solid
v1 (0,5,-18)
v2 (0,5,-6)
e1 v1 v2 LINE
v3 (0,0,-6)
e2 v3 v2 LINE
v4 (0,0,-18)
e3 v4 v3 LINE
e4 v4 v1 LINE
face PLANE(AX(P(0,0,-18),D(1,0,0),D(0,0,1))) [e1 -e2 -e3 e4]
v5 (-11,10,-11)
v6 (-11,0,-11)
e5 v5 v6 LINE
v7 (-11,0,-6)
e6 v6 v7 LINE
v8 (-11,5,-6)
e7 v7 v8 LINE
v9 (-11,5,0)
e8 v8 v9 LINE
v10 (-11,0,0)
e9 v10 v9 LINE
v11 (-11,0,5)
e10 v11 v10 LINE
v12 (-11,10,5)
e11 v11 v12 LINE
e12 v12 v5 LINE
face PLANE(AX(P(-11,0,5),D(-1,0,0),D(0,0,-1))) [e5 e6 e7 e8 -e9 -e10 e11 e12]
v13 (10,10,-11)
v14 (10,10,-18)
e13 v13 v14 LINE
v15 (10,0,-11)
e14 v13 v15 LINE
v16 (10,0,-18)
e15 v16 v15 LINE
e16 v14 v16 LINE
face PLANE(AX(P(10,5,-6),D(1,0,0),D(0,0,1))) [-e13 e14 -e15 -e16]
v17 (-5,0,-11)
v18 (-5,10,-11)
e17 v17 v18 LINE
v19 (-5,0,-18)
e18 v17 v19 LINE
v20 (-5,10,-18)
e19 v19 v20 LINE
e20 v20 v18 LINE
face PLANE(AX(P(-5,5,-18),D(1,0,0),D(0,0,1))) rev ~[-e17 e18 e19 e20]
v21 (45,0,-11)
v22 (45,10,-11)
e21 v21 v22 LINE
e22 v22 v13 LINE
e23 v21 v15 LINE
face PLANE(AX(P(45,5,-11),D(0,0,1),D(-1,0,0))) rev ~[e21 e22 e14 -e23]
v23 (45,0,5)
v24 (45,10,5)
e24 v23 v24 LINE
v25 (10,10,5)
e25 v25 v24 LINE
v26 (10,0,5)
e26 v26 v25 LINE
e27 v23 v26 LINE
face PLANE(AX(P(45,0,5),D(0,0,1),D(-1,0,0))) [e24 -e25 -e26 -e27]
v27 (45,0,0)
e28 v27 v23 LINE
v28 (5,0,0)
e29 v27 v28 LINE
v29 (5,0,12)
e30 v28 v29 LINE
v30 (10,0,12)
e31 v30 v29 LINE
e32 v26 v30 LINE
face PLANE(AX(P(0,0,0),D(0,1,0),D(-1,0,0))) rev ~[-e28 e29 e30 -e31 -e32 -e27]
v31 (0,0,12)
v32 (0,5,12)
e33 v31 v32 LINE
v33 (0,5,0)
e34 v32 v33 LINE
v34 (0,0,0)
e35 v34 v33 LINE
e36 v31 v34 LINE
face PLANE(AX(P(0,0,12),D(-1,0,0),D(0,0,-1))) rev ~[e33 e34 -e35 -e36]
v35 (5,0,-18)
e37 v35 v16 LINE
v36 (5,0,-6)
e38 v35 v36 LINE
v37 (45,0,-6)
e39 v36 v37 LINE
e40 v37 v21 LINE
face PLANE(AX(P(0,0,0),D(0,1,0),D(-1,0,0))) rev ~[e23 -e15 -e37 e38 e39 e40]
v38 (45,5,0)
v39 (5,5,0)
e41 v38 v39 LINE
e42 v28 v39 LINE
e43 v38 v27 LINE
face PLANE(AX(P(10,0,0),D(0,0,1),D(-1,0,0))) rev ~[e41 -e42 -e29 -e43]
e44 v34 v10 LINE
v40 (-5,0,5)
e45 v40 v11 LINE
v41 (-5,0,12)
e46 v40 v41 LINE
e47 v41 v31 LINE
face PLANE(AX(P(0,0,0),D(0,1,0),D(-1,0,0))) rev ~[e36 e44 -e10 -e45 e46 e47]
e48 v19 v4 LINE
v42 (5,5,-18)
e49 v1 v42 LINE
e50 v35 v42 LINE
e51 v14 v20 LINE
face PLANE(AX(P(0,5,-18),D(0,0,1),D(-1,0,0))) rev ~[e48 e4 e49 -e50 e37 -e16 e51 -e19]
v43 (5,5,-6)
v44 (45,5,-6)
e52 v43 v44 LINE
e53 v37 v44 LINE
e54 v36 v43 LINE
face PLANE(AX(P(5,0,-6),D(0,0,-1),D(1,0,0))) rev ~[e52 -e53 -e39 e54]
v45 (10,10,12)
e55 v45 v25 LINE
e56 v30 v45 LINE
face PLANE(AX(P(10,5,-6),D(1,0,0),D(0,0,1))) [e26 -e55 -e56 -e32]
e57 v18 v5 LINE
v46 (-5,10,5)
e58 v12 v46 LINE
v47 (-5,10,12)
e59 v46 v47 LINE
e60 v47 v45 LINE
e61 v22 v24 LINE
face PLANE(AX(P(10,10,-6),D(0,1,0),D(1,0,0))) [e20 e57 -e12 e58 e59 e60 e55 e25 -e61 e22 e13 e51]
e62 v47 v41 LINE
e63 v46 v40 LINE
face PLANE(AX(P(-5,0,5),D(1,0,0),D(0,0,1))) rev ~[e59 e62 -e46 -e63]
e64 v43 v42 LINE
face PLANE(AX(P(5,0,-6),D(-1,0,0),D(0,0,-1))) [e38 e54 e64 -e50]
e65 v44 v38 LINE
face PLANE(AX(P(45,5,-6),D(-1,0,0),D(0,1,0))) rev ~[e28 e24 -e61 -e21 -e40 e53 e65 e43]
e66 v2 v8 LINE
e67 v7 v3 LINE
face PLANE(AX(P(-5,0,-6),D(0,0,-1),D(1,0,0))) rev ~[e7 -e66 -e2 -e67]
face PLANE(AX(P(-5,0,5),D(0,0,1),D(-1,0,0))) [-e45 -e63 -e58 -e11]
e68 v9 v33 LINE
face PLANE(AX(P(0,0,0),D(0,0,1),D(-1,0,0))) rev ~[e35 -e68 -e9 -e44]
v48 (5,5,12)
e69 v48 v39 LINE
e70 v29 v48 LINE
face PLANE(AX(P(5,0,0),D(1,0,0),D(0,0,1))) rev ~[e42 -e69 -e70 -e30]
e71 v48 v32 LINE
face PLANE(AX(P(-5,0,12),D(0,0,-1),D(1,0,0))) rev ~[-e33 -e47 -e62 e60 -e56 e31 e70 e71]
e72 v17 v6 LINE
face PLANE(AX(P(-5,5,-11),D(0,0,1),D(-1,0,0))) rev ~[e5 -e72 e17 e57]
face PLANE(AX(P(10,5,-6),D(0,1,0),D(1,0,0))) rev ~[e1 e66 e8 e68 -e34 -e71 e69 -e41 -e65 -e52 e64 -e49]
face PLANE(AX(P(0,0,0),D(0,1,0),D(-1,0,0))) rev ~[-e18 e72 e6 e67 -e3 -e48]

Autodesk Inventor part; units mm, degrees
ref_plane "YZ Plane" through (0, 0, 0) normal (1, 0, 0) x (0, 1, 0)
ref_plane "XZ Plane" through (0, 0, 0) normal (0, 1, 0) x (-1, 0, 0)
ref_plane "XY Plane" through (0, 0, 0) normal (0, 0, 1) x (1, 0, 0)
sketch "Sketch1" plane through (0, 0, 0) normal (0, 1, 0) x (-1, 0, 0)
  line L0 (0, 0) -> (11, 0)
  line L1 (11, 0) -> (11, -6)
  line L2 (11, -6) -> (0, -6)
  line L3 (0, -6) -> (0, 0)
  line L4 (0, 0) -> (-5, 0)
  line L5 (-5, 0) -> (-5, 12)
  line L6 (-5, 12) -> (0, 12)
  line L7 (0, 12) -> (0, 0)
  line L8 (0, -6) -> (-5, -6)
  line L9 (-5, -6) -> (-5, -18)
  line L10 (-5, -18) -> (0, -18)
  line L11 (0, -18) -> (0, -6)
  line L12 (-5, -6) -> (-45, -6)
  line L13 (-45, -6) -> (-45, 0)
  line L14 (-45, 0) -> (-5, 0)
  line L15 (-5, 0) -> (-5, -6)
  line L16 (-5, -6) -> (-45, -6)
  line L17 (-45, -6) -> (-45, -11)
  line L18 (-45, -11) -> (-5, -11)
  line L19 (-5, -11) -> (-5, -6)
  line L20 (-5, 0) -> (-45, 0)
  line L21 (-45, 0) -> (-45, 5)
  line L22 (-45, 5) -> (-5, 5)
  line L23 (-5, 5) -> (-5, 0)
  line L24 (-5, 0) -> (-10, 0)
  line L25 (-10, 0) -> (-10, 12)
  line L26 (-10, 12) -> (-5, 12)
  line L27 (-5, 12) -> (-5, 0)
  line L28 (0, 0) -> (5, 0)
  line L29 (5, 0) -> (5, 12)
  line L30 (5, 12) -> (0, 12)
  line L31 (0, 12) -> (0, 0)
  line L32 (0, -6) -> (5, -6)
  line L33 (5, -6) -> (5, -18)
  line L34 (5, -18) -> (0, -18)
  line L35 (0, -18) -> (0, -6)
  line L36 (-5, -18) -> (-10, -18)
  line L37 (-10, -18) -> (-10, -6)
  line L38 (-10, -6) -> (-5, -6)
  line L39 (-5, -6) -> (-5, -18)
  line L40 (11, 0) -> (5, 0)
  line L41 (5, 0) -> (5, 5)
  line L42 (5, 5) -> (11, 5)
  line L43 (11, 5) -> (11, 0)
  line L44 (11, -6) -> (5, -6)
  line L45 (5, -6) -> (5, -11)
  line L46 (5, -11) -> (11, -11)
  line L47 (11, -11) -> (11, -6)
  point P0 (-10, -11)
  point P1 (-10, 5)
  dimension "d0" = 11
  dimension "d1" = 6
  dimension "d2" = 5
  dimension "d3" = 12
  dimension "d4" = 5
  dimension "d5" = 12
  dimension "d6" = 40
  dimension "d7" = 5
  dimension "d8" = 5
  dimension "d9" = 5
  dimension "d10" = 5
  dimension "d11" = 5
  dimension "d12" = 5
extrude "Extrusion1" add sketch "Sketch1" along normal blind 5 contours L7 L30 L29 L0 | L29 L42 L43 L0 | L2 L33 L34 L11 | L14 L25 L22 L5 | L2 L47 L46 L33 | L9 L18 L37 L12 | L22 L25 L26 L5 | L14 L21 L22 L25 | L9 L36 L37 L18 | L37 L18 L17 L12
sketch "Sketch2" plane through (0, 5, 0) normal (0, 1, 0) x (1, 0, 0)
  line L0 (-11, 6) -> (0, 6) projected
  line L1 (0, 6) -> (0, 18) projected
  line L2 (0, 18) -> (-5, 18) projected
  line L3 (-5, 18) -> (-5, 11) projected
  line L4 (-5, 11) -> (-11, 11) projected
  line L5 (-11, 11) -> (-11, 6) projected
  line L6 (5, 6) -> (45, 6) projected
  line L7 (45, 6) -> (45, 11) projected
  line L8 (45, 11) -> (10, 11) projected
  line L9 (10, 11) -> (10, 18) projected
  line L10 (10, 18) -> (5, 18) projected
  line L11 (5, 18) -> (5, 6) projected
  line L12 (10, -12) -> (10, -5) projected
  line L13 (10, -5) -> (45, -5) projected
  line L14 (45, -5) -> (45, 0) projected
  line L15 (45, 0) -> (5, 0) projected
  line L16 (5, 0) -> (5, -12) projected
  line L17 (5, -12) -> (10, -12) projected
  line L18 (-11, -5) -> (-5, -5) projected
  line L19 (-5, -5) -> (-5, -12) projected
  line L20 (-5, -12) -> (0, -12) projected
  line L21 (0, -12) -> (0, 0) projected
  line L22 (0, 0) -> (-11, 0) projected
  line L23 (-11, 0) -> (-11, -5) projected
  line L24 (-11, 11) -> (10, 11)
  line L25 (10, 11) -> (10, -5)
  line L26 (10, -5) -> (-11, -5)
  line L27 (-11, -5) -> (-11, 11)
  line L28 (-5, 18) -> (10, 18)
  line L29 (10, 18) -> (10, 11)
  line L30 (10, 11) -> (-5, 11)
  line L31 (-5, 11) -> (-5, 18)
  line L32 (-5, -5) -> (10, -5)
  line L33 (10, -5) -> (10, -12)
  line L34 (10, -12) -> (-5, -12)
  line L35 (-5, -12) -> (-5, -5)
extrude "Extrusion2" add sketch "Sketch2" along normal blind 5 contours L5 L4 L24 L1 L0 | L0 L1 L24 L11 L6 L25 L15 L16 L26 L21 L22 L27 | L22 L21 L26 L18 L23 | L24 L3 L2 L1 | L1 L28 L11 L24 | L24 L25 L6 L11 | L11 L10 L9 L24 | L26 L16 L34 L21 | L21 L20 L19 L26 | L26 L12 L17 L16 | L16 L15 L25 L26
sketch "Sketch3" plane through (0, 5, 0) normal (0, 1, 0) x (1, 0, 0)
  point P0 (0, 0)
sketch "Sketch4" plane through (0, 5, 0) normal (0, 1, 0) x (1, 0, 0)
  line L0 (10, 0) -> (10, -5) projected
  line L1 (10, -5) -> (45, -5) projected
  line L2 (45, -5) -> (45, 0) projected
  line L3 (45, 0) -> (10, 0) projected
  line L4 (10, 11) -> (10, 6) projected
  line L5 (10, 6) -> (45, 6) projected
  line L6 (45, 6) -> (45, 11) projected
  line L7 (45, 11) -> (10, 11) projected
  point P0 (0, 0)
extrude "Extrusion3" add sketch "Sketch4" along normal blind 5
sketch "Sketch5" plane through (5, 0, -6) normal (0, 0, 1) x (1, 0, 0)
  line L0 (40, 0) -> (40, 10) projected
  line L1 (40, 0) -> (40, 10) projected
  line L2 (0, 0) -> (40, 0) projected
  line L3 (40, 0) -> (40, 10) projected
  line L4 (5, 10) -> (40, 10) projected
  line L5 (5, 5) -> (5, 10) projected
  line L6 (0, 5) -> (5, 5) projected
  line L7 (0, 0) -> (0, 5) projected
  line L8 (40, 10) -> (5, 10)
  line L9 (5, 10) -> (5, 5)
  line L10 (5, 5) -> (40, 5)
  line L11 (40, 5) -> (40, 10)
  point P0 (-5, 0)
  dimension "d19" = 5
extrude "Extrusion4" add sketch "Sketch5" along normal up to surface (6 mm away) contours L10 L5 L4 L0
properties part number "BTArm"
